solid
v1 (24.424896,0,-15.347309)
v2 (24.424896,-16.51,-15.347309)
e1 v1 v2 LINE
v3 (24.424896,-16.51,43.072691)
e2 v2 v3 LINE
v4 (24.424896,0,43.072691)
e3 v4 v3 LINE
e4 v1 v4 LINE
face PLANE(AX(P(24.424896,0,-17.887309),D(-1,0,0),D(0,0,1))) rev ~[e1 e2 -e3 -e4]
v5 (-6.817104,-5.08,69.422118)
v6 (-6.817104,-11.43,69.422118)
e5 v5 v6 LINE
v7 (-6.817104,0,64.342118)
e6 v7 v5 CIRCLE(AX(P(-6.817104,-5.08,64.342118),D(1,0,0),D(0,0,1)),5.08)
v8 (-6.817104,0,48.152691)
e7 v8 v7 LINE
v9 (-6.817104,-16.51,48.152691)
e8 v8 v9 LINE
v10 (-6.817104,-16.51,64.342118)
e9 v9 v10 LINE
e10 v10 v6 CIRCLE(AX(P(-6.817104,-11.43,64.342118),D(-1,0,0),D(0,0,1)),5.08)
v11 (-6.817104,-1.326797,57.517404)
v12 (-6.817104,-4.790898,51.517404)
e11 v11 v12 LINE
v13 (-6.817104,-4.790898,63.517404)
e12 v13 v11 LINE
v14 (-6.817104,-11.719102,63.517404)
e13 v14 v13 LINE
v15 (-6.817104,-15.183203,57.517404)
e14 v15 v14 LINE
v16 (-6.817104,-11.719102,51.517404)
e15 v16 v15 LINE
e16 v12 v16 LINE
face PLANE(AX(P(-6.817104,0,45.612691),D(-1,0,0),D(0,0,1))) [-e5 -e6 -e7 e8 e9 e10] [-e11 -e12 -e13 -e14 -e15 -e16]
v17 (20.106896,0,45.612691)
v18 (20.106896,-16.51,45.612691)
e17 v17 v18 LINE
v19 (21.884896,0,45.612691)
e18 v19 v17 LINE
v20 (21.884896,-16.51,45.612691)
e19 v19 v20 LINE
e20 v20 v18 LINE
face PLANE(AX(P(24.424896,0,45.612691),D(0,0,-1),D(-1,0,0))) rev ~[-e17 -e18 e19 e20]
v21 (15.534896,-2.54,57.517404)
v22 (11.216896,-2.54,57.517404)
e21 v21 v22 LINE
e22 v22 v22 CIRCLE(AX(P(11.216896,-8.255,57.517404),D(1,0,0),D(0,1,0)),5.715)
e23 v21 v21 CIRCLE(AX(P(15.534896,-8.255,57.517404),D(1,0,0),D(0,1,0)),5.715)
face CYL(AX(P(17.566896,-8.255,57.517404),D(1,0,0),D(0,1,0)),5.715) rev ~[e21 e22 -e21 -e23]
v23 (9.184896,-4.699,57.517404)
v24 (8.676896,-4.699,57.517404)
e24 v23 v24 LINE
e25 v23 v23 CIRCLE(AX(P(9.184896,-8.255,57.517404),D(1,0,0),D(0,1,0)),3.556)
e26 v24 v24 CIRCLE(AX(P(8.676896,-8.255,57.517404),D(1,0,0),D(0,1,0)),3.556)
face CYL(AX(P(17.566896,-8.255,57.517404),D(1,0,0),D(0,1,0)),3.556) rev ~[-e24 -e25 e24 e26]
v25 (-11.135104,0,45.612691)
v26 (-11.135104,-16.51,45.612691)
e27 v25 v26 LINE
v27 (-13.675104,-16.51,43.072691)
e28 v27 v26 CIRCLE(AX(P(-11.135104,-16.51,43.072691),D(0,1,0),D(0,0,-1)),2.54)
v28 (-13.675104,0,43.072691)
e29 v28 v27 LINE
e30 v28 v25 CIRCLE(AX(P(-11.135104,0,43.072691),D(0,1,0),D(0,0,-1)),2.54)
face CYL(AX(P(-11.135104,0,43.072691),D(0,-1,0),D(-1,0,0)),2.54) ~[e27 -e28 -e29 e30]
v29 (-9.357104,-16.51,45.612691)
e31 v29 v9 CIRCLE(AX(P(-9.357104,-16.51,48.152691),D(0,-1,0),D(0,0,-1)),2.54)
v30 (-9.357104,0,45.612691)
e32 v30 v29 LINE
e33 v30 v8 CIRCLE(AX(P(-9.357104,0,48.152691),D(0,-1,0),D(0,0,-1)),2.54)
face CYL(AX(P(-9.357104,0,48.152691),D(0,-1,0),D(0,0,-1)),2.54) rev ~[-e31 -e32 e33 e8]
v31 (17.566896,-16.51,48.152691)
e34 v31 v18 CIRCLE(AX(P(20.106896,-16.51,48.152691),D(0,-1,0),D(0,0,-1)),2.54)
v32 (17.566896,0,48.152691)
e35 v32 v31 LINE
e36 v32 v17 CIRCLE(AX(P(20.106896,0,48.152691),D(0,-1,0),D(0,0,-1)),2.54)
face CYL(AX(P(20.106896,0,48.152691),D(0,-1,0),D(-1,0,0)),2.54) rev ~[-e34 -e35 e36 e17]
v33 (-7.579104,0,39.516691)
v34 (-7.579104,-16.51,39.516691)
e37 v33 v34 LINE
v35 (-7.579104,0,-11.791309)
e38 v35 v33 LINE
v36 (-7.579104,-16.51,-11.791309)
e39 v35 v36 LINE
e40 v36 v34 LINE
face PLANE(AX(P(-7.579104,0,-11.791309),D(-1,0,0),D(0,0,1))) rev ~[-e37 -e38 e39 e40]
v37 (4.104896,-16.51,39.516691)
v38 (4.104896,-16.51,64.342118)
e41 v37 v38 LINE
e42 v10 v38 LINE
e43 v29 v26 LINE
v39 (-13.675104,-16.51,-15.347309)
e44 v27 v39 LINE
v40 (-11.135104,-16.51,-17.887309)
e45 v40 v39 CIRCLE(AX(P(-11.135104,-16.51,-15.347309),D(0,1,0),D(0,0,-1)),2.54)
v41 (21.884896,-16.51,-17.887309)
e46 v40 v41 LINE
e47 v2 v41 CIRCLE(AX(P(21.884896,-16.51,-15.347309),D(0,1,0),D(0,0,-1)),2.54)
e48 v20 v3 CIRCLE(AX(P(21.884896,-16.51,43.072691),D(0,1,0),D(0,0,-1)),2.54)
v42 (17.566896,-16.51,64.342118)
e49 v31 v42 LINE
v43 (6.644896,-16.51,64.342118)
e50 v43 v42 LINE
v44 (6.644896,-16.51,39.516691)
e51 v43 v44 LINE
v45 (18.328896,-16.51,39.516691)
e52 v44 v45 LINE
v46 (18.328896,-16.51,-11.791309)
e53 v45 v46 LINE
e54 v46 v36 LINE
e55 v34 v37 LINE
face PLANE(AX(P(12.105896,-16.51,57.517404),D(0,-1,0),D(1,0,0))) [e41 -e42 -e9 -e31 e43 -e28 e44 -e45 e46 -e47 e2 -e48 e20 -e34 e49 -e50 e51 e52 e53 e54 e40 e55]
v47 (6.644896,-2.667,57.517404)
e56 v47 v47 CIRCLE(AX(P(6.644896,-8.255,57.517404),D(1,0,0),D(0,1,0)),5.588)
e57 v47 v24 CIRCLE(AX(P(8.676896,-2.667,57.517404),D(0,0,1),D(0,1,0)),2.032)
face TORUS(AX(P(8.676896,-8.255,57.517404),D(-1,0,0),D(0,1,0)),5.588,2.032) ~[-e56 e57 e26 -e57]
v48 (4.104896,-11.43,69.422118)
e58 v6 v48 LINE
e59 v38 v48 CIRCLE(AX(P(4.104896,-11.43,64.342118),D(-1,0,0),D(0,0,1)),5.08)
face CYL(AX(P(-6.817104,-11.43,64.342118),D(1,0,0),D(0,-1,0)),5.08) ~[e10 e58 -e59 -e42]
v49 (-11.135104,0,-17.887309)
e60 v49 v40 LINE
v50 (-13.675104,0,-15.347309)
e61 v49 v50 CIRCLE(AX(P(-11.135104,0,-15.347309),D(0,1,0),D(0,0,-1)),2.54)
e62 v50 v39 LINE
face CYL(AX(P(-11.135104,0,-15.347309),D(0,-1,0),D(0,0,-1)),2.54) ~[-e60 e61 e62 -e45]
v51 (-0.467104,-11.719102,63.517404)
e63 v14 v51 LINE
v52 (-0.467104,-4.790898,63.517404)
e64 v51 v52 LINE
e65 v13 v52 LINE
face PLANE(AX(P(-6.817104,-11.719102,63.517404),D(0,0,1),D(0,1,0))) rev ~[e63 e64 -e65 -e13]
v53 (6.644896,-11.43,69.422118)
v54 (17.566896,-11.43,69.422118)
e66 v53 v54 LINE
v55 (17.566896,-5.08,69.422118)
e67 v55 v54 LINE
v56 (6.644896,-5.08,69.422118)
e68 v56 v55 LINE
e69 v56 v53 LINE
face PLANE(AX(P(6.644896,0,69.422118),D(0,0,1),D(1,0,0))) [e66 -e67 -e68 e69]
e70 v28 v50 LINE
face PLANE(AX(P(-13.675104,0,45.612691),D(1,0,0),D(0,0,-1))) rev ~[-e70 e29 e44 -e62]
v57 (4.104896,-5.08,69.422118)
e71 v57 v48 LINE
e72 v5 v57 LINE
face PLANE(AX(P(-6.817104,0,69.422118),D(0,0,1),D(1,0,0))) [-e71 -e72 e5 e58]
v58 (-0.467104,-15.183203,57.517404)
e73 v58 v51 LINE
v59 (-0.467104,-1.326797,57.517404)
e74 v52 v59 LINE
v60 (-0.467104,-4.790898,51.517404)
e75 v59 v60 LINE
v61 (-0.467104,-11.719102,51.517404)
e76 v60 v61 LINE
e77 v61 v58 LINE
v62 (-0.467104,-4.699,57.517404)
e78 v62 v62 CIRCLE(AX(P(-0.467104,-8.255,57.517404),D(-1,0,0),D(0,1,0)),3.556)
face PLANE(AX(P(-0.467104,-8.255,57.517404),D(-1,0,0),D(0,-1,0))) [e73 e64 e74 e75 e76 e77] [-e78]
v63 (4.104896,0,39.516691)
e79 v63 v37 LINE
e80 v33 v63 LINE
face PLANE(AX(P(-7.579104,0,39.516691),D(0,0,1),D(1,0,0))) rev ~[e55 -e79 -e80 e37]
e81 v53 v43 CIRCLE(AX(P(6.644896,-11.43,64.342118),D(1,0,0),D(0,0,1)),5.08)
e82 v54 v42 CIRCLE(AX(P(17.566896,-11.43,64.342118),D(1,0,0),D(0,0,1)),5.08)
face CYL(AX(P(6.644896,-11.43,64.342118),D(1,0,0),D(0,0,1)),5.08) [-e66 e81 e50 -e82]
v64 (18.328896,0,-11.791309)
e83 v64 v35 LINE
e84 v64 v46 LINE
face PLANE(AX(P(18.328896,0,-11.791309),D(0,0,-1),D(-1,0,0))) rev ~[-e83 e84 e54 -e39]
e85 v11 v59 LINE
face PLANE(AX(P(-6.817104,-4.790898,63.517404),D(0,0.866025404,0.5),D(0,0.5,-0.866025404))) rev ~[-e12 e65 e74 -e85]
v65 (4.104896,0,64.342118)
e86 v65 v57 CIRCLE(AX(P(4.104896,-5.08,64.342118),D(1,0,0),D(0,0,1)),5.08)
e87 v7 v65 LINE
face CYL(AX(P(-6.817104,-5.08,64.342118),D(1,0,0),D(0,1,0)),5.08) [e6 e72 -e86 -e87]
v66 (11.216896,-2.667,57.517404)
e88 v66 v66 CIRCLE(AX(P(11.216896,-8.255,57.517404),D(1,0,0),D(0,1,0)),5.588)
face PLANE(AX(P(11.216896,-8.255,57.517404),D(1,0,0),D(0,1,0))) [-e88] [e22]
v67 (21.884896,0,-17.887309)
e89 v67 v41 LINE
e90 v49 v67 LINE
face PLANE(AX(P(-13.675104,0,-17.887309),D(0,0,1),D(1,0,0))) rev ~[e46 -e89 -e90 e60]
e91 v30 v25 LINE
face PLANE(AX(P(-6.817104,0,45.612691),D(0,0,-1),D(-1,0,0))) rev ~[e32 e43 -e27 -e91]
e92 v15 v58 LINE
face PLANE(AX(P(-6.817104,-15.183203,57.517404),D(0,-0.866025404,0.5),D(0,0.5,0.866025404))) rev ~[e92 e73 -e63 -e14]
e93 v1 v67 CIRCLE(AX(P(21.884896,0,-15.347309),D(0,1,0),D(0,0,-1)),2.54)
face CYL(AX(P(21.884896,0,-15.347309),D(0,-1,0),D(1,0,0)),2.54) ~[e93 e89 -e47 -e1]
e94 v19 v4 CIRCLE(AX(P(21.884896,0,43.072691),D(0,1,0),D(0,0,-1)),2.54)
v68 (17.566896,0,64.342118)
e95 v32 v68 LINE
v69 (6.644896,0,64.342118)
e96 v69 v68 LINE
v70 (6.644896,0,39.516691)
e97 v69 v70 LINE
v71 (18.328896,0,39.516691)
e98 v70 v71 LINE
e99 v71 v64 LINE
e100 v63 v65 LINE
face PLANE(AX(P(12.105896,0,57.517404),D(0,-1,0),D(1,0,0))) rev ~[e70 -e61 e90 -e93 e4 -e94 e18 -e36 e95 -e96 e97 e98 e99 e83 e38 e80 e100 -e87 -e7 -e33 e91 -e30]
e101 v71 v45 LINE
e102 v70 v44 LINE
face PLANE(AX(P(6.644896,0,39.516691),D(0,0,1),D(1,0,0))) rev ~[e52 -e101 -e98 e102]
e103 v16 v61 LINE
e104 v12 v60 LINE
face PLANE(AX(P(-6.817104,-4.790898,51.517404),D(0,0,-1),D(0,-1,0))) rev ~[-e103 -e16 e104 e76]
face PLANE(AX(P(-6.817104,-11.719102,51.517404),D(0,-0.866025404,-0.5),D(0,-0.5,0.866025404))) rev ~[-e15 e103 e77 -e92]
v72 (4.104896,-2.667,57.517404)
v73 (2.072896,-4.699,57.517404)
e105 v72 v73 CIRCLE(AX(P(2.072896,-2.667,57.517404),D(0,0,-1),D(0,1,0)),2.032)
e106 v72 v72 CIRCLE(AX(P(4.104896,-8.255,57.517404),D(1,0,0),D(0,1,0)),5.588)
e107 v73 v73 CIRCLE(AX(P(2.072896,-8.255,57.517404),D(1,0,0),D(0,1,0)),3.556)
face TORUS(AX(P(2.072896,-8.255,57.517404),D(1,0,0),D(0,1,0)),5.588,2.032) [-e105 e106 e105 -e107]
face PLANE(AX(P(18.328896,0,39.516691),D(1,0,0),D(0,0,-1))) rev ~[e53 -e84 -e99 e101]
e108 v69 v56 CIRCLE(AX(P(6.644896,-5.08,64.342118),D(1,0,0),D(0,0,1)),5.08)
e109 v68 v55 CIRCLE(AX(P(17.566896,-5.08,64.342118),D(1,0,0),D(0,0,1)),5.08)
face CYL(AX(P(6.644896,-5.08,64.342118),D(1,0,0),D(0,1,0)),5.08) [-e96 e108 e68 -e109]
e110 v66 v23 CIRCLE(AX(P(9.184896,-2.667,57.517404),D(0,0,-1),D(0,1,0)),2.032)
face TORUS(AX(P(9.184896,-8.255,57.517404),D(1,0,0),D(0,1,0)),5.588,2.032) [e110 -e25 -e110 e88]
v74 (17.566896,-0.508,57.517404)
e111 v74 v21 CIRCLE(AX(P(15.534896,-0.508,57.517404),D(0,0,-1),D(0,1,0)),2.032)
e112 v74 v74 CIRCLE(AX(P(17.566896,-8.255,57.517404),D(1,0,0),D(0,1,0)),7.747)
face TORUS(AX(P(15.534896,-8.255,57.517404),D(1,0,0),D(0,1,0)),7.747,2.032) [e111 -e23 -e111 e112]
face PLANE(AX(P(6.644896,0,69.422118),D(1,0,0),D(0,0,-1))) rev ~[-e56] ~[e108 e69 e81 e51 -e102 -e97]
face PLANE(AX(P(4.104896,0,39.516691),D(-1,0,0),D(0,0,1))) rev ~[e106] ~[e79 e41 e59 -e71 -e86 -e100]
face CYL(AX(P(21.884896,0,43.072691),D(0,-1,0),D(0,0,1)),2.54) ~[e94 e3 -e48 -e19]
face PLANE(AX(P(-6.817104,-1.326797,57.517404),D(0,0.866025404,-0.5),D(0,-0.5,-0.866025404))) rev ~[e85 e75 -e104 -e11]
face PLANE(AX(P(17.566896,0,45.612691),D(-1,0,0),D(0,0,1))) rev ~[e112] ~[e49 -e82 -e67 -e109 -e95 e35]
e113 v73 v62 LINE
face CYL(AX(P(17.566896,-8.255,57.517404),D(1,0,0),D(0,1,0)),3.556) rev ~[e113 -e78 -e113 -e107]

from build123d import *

# Parameters (mm, degrees)
F0_W     = 10.922
F0_H     = 23.809427796
F1_DEPTH = 16.51
F2_R     = 3.556
F3_DEPTH = 25.4
F4_R     = 3.556
F5_DEPTH = 6.35
F6_R     = 2.54
F7_R     = 5.08
F8_R     = 5.715
F9_DEPTH = 6.35
F10_R    = 2.032


with BuildPart() as f1:
    # F0 (on Front) → F1 (new body)
    with BuildSketch(Plane.XZ):
        with Locations((12.1058959829, 57.5174044678)):
            Rectangle(F0_W, F0_H)
        with Locations((-1.3561040171, 57.5174044678)):
            Rectangle(F0_W, F0_H)
        Polygon((-6.8171040171, 45.6126905698), (-13.6751040171, 45.6126905698), (-13.6751040171, -17.8873094302), (24.4248959829, -17.8873094302), (24.4248959829, 45.6126905698), (17.5668959829, 45.6126905698), (6.6448959829, 45.6126905698), (6.6448959829, 39.5166905698), (18.3288959829, 39.5166905698), (18.3288959829, -11.7913094302), (-7.5791040171, -11.7913094302), (-7.5791040171, 39.5166905698), (4.1048959829, 39.5166905698), (4.1048959829, 45.6126905698), align=None)
    extrude(amount=F1_DEPTH)

    # F2 (on face) → F3 (cut)
    with BuildSketch(Plane.YZ.offset(17.5668959829)):
        with Locations((-8.255, 57.5174044678)):
            Circle(F2_R)
    extrude(amount=-F3_DEPTH, mode=Mode.SUBTRACT)

    # F4 (on face) → F5 (cut)
    with BuildSketch(Plane(origin=(-6.8171040171, 0, 0), x_dir=(0, -1, 0), z_dir=(-1, 0, 0))):
        Polygon((4.7908983849, 51.5174044678), (11.7191016151, 51.5174044678), (15.1832032303, 57.5174044678), (11.7191016151, 63.5174044678), (4.7908983849, 63.5174044678), (1.3267967697, 57.5174044678), align=None)
        with Locations((8.255, 57.5174044678)):
            Circle(F4_R, mode=Mode.SUBTRACT)
    extrude(amount=-F5_DEPTH, mode=Mode.SUBTRACT)

    # F6
    f6_edges = [f1.edges().sort_by_distance(p)[0] for p in [
        (-13.675104, -8.255, 45.612691),
        (-6.817104, -8.255, 45.612691),
        (24.424896, -8.255, 45.612691),
        (17.566896, -8.255, 45.612691),
        (-13.675104, -8.255, -17.887309),
        (24.424896, -8.255, -17.887309),
    ]]
    fillet(f6_edges, radius=F6_R)

    # F7
    f7_edges = [f1.edges().sort_by_distance(p)[0] for p in [
        (12.105896, -16.51, 69.422118),
        (-1.356104, -16.51, 69.422118),
        (-1.356104, 0, 69.422118),
        (12.105896, 0, 69.422118),
    ]]
    fillet(f7_edges, radius=F7_R)

    # F8 (on face) → F9 (cut)
    with BuildSketch(Plane.YZ.offset(17.5668959829)):
        with Locations((-8.255, 57.5174044678)):
            Circle(F8_R)
    extrude(amount=-F9_DEPTH, mode=Mode.SUBTRACT)

    # F10
    f10_edges = [f1.edges().sort_by_distance(p)[0] for p in [
        (17.566896, -13.97, 57.517404),
        (11.216896, -11.811, 57.517404),
        (4.104896, -11.811, 57.517404),
        (6.644896, -11.811, 57.517404),
    ]]
    fillet(f10_edges, radius=F10_R)


solid = f1.part
